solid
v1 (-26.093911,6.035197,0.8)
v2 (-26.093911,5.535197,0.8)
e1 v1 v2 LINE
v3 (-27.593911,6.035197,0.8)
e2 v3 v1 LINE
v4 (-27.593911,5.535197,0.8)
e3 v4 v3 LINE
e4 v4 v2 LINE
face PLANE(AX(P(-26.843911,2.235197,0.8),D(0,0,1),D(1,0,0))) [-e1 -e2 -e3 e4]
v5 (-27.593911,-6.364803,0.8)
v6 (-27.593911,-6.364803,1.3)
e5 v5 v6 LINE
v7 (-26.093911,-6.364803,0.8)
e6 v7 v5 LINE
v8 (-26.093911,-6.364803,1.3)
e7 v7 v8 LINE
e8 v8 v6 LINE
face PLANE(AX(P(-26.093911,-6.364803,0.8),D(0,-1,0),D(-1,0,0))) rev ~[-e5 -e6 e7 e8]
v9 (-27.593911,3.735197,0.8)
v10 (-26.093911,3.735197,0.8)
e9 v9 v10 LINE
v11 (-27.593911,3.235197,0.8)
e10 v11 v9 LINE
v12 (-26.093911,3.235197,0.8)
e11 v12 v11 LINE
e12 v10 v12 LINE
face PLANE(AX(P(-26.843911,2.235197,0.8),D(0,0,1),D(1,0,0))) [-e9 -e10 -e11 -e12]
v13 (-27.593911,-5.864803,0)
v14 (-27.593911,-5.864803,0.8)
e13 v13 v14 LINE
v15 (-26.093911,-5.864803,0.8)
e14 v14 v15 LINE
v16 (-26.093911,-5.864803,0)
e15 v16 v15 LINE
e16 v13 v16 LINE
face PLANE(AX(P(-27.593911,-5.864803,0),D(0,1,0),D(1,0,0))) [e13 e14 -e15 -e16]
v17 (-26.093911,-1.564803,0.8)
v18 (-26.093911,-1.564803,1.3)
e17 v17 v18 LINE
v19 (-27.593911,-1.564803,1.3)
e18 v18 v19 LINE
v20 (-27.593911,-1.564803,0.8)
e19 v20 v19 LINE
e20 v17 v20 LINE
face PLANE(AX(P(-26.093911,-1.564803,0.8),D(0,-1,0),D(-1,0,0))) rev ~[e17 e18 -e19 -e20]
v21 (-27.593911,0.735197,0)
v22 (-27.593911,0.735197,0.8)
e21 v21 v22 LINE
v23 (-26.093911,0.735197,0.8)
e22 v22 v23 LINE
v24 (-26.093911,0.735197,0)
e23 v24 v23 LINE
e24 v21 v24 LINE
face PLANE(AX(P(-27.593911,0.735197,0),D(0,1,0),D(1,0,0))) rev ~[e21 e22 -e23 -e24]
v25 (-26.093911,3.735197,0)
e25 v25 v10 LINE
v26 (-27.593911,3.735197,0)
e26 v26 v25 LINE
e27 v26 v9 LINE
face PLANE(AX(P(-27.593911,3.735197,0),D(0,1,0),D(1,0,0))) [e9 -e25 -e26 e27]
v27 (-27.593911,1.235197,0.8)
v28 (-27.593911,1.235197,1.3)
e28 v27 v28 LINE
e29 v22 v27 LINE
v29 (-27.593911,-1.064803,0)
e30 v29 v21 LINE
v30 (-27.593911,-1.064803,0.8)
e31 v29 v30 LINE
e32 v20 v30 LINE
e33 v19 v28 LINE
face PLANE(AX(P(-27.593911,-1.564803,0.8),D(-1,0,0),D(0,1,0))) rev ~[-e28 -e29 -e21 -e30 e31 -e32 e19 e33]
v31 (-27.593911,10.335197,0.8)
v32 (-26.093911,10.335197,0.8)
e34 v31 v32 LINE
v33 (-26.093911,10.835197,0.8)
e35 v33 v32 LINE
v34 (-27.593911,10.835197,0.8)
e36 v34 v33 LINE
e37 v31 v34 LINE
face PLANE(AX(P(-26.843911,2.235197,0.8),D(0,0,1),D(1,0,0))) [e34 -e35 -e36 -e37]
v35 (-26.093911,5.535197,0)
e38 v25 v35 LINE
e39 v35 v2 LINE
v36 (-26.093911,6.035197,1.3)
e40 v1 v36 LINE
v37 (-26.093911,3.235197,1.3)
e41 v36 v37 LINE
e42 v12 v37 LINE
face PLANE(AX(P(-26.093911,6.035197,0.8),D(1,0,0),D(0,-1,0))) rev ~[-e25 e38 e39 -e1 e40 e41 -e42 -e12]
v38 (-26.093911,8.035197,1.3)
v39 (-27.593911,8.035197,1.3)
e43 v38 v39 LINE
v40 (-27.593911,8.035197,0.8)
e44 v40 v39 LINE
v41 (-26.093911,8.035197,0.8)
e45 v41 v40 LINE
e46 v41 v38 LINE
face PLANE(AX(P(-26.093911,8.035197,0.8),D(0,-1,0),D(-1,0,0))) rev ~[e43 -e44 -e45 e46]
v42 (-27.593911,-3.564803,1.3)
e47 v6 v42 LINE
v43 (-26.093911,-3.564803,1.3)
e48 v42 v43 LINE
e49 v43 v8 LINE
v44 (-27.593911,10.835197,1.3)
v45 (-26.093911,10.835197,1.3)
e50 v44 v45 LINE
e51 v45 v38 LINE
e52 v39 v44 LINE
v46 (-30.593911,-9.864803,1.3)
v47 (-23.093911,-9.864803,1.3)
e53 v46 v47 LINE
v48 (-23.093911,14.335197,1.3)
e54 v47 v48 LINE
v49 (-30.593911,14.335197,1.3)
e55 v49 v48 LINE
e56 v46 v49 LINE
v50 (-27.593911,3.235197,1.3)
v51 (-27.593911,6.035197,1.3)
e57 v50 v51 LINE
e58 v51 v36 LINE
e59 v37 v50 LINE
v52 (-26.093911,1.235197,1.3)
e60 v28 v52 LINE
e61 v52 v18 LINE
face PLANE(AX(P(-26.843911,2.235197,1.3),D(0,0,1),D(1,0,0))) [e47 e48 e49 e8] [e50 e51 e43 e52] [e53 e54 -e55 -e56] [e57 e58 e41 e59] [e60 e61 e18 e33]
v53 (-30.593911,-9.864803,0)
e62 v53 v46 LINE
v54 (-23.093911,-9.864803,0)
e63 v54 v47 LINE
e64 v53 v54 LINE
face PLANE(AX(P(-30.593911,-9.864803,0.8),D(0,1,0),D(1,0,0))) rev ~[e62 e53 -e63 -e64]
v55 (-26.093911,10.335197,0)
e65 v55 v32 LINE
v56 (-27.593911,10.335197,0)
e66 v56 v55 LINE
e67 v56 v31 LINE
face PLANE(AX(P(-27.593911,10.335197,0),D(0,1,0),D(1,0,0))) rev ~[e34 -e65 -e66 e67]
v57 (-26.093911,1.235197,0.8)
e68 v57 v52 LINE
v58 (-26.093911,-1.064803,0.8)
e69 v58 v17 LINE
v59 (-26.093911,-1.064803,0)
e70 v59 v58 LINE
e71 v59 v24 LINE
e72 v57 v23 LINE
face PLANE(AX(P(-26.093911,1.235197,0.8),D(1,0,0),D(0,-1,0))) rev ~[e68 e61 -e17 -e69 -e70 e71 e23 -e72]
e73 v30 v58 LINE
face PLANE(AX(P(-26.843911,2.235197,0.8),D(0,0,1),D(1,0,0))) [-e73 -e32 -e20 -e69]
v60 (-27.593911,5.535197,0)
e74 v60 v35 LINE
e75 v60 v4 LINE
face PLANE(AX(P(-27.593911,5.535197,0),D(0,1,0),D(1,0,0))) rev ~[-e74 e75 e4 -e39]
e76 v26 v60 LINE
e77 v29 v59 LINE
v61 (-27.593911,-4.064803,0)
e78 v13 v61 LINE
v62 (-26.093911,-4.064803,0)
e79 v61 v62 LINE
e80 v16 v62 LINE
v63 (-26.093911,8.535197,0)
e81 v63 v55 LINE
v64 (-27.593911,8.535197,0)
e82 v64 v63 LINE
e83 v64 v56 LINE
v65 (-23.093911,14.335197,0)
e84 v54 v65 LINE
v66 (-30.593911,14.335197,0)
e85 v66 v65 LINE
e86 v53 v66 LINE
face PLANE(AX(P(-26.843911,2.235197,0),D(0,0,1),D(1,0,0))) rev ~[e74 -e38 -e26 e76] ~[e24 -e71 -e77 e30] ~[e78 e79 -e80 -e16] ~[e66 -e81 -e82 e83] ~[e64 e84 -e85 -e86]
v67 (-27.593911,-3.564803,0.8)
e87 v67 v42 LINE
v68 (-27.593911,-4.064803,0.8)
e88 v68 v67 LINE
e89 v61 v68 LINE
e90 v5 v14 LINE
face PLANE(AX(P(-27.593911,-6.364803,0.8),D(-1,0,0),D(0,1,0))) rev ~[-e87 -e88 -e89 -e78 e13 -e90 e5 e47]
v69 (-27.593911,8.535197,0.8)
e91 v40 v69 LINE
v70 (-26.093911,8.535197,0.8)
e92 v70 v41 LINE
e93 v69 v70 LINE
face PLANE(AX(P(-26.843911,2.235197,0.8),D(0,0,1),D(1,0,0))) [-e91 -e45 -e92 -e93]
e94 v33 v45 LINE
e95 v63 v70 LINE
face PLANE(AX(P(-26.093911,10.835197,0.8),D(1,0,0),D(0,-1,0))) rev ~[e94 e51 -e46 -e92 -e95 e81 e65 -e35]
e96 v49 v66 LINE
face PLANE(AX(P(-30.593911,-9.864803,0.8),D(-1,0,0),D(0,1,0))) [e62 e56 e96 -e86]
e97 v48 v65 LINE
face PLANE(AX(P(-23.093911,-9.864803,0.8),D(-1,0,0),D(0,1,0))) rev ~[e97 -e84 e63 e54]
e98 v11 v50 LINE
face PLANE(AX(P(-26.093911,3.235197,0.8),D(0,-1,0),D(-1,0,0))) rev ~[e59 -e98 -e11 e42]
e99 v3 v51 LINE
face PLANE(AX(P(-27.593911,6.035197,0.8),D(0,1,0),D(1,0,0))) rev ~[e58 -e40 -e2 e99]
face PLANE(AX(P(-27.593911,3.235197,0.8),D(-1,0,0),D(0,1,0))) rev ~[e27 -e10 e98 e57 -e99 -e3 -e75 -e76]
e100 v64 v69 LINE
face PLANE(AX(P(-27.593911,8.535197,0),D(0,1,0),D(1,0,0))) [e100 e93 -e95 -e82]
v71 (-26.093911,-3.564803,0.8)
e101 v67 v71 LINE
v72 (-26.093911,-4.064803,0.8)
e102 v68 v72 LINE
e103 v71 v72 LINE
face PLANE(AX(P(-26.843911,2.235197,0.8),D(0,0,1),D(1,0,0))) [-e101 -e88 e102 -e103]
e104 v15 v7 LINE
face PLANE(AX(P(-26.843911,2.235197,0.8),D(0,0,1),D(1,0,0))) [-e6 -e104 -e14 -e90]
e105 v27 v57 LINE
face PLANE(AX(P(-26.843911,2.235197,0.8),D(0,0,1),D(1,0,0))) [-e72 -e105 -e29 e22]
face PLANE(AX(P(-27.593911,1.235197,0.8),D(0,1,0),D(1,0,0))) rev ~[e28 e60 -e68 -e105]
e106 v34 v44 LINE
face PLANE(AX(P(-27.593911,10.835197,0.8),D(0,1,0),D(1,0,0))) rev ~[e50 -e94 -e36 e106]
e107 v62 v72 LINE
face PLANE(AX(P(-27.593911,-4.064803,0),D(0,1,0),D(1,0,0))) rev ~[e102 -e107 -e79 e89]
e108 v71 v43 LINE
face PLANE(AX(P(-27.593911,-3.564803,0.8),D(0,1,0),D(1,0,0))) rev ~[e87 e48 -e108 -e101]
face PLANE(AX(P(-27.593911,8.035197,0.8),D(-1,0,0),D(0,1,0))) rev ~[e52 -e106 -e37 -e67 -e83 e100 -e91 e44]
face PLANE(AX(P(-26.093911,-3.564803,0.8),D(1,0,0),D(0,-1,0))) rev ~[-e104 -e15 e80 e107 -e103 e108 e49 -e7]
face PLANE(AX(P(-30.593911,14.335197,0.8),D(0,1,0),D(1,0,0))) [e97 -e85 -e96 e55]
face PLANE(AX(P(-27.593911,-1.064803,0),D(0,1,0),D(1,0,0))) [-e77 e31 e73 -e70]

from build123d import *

# Parameters (mm, degrees)
F0_W     = 7.5
F0_H     = 24.2
F0_W_2   = 1.5
F0_H_2   = 1.8
F1_DEPTH = 0.8
F2_W     = 7.5
F2_H     = 24.2
F3_DEPTH = 0.5


with BuildPart() as f1:
    # F0 (on Top) → F1 (new body)
    with BuildSketch(Plane.XY):
        with Locations((-26.843911, 2.235197)):
            Rectangle(F0_W, F0_H)
        with Locations((-26.843911, -4.964803)):
            Rectangle(F0_W_2, F0_H_2, mode=Mode.SUBTRACT)
        with Locations((-26.843911, -0.164803)):
            Rectangle(F0_W_2, F0_H_2, mode=Mode.SUBTRACT)
        with Locations((-26.843911, 4.635197)):
            Rectangle(F0_W_2, F0_H_2, mode=Mode.SUBTRACT)
        with Locations((-26.843911, 9.435197)):
            Rectangle(F0_W_2, F0_H_2, mode=Mode.SUBTRACT)
    extrude(amount=F1_DEPTH)

    # F2 (on face) → F3 (join)
    with BuildSketch(Plane.XY.offset(0.8)):
        with Locations((-26.843911, 2.235197)):
            Rectangle(F2_W, F2_H)
        Polygon((-27.593911, -4.064803), (-27.593911, -3.564803), (-26.093911, -3.564803), (-26.093911, -4.064803), (-26.093911, -5.864803), (-26.093911, -6.364803), (-27.593911, -6.364803), (-27.593911, -5.864803), align=None, mode=Mode.SUBTRACT)
        Polygon((-27.593911, 0.735197), (-27.593911, 1.235197), (-26.093911, 1.235197), (-26.093911, 0.735197), (-26.093911, -1.064803), (-26.093911, -1.564803), (-27.593911, -1.564803), (-27.593911, -1.064803), align=None, mode=Mode.SUBTRACT)
        Polygon((-27.593911, 5.535197), (-27.593911, 6.035197), (-26.093911, 6.035197), (-26.093911, 5.535197), (-26.093911, 3.735197), (-26.093911, 3.235197), (-27.593911, 3.235197), (-27.593911, 3.735197), align=None, mode=Mode.SUBTRACT)
        Polygon((-26.093911, 8.035197), (-27.593911, 8.035197), (-27.593911, 8.535197), (-27.593911, 10.335197), (-27.593911, 10.835197), (-26.093911, 10.835197), (-26.093911, 10.335197), (-26.093911, 8.535197), align=None, mode=Mode.SUBTRACT)
    extrude(amount=F3_DEPTH)


solid = f1.part
